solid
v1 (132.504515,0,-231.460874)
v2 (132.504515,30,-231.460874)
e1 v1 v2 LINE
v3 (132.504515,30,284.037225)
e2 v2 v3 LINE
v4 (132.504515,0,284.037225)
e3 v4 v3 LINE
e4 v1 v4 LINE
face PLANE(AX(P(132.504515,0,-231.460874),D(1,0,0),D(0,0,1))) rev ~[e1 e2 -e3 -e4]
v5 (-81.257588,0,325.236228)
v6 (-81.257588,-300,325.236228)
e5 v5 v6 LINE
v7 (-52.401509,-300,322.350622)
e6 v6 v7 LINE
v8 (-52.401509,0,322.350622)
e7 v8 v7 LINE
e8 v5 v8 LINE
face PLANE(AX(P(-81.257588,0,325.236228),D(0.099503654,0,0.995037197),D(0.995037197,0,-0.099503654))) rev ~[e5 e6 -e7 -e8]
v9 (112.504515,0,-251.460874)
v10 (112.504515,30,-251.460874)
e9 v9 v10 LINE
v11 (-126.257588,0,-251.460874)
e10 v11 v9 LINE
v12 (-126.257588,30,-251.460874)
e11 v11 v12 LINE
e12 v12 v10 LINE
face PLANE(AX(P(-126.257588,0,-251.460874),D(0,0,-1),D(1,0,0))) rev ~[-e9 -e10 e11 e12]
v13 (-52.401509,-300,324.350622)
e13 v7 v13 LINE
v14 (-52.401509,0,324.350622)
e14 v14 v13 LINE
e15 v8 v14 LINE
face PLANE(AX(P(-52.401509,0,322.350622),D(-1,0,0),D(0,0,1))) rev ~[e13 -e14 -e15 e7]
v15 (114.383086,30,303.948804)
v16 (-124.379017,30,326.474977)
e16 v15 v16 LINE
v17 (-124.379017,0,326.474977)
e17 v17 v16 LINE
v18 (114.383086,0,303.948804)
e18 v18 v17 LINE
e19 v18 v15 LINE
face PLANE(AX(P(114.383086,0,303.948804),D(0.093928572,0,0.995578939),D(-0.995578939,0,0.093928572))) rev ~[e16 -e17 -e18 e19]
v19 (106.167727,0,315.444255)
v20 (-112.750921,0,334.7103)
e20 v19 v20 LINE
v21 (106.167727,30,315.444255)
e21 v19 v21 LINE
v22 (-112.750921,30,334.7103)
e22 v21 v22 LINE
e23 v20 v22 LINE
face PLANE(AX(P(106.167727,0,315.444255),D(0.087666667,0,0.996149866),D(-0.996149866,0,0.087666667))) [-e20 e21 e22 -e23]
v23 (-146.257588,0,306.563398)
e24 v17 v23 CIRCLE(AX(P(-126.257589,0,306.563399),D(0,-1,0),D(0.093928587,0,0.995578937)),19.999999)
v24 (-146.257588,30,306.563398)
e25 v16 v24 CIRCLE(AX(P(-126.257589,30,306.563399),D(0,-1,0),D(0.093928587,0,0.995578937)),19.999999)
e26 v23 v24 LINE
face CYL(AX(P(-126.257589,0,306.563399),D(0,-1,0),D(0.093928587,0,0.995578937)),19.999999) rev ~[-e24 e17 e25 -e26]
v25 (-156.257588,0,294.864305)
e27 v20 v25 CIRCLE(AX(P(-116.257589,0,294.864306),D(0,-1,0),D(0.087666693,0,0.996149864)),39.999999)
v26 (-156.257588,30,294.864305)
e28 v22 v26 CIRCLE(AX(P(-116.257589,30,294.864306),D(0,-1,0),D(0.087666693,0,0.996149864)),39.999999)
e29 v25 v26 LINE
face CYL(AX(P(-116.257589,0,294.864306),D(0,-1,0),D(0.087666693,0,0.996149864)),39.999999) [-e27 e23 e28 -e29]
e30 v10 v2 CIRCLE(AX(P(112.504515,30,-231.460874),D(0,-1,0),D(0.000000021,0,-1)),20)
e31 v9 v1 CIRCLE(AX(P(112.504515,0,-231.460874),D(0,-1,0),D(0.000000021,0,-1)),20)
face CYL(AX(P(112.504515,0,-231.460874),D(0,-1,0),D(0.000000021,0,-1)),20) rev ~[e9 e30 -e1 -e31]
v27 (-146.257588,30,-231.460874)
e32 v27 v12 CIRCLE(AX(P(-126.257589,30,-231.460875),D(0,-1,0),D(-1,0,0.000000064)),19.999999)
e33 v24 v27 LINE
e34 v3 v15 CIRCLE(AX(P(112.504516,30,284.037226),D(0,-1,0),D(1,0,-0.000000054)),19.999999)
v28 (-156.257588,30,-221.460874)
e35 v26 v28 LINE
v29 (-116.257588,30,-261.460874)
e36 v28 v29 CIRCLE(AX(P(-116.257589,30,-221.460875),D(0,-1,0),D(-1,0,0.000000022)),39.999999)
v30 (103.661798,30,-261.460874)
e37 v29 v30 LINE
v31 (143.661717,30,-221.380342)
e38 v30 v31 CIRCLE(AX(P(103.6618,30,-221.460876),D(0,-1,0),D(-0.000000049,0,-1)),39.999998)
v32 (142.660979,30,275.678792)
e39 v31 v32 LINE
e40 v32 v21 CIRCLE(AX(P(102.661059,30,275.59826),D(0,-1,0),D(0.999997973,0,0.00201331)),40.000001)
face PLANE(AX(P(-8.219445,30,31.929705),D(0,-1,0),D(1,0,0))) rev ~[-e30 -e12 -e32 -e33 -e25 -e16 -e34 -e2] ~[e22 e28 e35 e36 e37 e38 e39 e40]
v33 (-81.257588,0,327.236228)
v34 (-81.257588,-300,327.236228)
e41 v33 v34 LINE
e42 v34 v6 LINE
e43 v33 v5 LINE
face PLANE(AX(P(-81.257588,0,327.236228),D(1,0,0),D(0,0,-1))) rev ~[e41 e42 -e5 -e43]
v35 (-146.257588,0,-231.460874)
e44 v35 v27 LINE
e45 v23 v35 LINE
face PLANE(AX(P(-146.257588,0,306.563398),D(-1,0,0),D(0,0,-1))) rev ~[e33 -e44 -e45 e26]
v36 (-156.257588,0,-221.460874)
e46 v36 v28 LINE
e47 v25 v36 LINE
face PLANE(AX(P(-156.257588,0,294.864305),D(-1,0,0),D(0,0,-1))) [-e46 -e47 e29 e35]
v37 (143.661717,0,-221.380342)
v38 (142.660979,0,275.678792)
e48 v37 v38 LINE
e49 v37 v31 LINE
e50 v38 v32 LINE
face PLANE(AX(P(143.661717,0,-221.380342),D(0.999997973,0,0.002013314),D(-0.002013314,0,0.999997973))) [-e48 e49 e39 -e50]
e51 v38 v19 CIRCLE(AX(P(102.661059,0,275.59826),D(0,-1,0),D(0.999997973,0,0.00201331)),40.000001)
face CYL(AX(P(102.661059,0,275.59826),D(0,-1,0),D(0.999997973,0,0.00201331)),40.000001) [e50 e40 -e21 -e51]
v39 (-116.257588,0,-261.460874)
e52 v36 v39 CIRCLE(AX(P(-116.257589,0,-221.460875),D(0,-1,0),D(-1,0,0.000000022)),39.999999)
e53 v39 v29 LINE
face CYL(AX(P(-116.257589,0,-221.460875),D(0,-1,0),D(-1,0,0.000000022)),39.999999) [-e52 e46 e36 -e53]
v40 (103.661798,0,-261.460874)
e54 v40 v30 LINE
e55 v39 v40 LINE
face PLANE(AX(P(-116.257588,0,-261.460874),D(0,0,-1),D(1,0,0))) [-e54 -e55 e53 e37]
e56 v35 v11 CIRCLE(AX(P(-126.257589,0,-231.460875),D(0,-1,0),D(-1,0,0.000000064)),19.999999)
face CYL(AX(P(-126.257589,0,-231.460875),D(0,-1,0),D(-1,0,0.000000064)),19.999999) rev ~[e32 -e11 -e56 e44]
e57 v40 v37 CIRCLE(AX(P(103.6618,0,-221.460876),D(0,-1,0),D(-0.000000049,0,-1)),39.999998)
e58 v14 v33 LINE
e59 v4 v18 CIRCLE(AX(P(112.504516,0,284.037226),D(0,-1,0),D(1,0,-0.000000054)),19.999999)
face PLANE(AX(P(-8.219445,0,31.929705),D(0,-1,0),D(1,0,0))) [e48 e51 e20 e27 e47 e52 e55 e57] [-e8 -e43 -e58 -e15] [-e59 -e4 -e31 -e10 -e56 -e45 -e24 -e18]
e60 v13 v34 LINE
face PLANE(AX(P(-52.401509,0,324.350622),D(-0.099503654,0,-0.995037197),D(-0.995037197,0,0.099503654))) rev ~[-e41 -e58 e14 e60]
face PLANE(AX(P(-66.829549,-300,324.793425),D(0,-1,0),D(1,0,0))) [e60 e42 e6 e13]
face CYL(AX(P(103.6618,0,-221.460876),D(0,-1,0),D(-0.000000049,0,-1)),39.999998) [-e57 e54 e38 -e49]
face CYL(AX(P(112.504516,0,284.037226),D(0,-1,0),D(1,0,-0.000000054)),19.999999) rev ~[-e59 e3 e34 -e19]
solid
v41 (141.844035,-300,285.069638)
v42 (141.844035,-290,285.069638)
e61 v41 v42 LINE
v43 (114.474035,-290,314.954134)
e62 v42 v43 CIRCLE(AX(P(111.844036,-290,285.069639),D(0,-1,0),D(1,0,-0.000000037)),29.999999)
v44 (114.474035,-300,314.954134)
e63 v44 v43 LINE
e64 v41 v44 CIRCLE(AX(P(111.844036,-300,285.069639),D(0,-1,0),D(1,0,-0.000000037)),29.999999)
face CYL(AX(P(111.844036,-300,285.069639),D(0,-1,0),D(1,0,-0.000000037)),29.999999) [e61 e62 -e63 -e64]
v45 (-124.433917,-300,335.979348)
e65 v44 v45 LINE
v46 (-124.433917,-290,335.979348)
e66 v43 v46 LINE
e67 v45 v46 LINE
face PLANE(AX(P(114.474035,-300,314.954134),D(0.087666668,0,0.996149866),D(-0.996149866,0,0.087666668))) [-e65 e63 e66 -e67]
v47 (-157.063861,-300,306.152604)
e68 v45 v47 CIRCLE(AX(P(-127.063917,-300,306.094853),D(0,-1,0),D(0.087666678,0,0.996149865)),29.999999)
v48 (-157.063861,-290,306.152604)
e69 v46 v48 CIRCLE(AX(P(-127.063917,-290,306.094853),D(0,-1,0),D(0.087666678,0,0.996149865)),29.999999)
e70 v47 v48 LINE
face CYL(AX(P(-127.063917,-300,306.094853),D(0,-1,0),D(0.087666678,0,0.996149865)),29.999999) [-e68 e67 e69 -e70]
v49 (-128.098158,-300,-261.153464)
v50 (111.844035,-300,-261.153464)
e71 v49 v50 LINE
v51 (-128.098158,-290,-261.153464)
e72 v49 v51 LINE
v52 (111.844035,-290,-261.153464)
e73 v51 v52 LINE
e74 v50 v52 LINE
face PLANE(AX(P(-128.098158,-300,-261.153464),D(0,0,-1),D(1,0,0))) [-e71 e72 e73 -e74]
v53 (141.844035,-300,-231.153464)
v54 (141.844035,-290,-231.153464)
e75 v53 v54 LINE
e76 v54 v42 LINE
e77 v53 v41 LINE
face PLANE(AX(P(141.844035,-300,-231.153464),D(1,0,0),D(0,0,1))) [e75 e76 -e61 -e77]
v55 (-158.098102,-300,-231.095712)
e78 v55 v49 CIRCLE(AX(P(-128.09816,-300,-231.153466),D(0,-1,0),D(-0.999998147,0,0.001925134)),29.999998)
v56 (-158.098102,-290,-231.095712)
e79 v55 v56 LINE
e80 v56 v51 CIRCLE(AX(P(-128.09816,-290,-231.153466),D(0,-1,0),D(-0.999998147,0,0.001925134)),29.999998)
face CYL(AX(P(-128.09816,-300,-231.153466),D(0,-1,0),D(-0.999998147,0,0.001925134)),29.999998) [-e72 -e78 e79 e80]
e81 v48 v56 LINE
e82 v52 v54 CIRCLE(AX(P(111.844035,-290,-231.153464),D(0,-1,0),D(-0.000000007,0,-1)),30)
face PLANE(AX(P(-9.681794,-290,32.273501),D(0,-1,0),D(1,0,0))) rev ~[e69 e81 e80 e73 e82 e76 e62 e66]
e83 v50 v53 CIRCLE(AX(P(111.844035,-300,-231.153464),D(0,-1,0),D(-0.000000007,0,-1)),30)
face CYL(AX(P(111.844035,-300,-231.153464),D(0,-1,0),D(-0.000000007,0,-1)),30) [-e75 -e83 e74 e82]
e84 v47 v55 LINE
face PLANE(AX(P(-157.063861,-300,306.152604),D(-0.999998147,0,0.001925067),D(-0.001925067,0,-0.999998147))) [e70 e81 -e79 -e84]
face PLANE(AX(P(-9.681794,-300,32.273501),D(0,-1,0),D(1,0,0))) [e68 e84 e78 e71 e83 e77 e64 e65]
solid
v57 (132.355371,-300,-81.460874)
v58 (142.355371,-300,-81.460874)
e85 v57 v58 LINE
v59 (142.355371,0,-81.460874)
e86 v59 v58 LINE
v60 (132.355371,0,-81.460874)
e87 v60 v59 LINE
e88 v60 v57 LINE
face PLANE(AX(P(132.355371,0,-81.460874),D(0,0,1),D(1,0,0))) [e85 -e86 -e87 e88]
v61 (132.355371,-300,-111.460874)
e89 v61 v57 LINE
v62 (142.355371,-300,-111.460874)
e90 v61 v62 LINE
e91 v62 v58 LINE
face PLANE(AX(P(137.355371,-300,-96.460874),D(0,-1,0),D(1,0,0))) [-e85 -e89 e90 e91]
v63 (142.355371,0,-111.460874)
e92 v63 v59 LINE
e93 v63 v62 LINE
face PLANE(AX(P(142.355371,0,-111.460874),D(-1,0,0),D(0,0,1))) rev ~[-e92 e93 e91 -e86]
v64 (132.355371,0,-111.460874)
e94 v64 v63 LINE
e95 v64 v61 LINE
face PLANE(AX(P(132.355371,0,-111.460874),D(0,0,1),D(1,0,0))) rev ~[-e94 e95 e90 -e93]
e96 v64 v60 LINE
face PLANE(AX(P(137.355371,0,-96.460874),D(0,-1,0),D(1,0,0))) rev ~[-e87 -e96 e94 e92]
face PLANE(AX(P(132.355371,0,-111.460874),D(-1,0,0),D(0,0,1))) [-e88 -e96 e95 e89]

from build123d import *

# Parameters (mm, degrees)
F1_DEPTH = 30
F3_DEPTH = 30
F4_W     = 10
F4_H     = 30
F5_DEPTH = 300
F7_DEPTH = 300
F9_DEPTH = 10


with BuildPart() as f1:
    # F0 (on Front) → F1 (new body)
    with BuildSketch(Plane.XZ):
        with BuildLine():
            ThreePointArc((-112.750921, 334.7103), (-143.273633, 324.362328), (-156.257588, 294.864305))
            Line((-156.257588, 294.864305), (-156.257588, -221.460874))
            ThreePointArc((-156.257588, -221.460874), (-144.541859, -249.745146), (-116.257588, -261.460874))
            Line((-116.257588, -261.460874), (103.661798, -261.460874))
            ThreePointArc((103.661798, -261.460874), (131.974528, -249.716659), (143.661717, -221.380342))
            Line((143.661717, -221.380342), (142.660979, 275.678792))
            ThreePointArc((142.660979, 275.678792), (132.131872, 302.643985), (106.167727, 315.444255))
            Line((106.167727, 315.444255), (-112.750921, 334.7103))
        make_face()
    extrude(amount=-F1_DEPTH)

    # F2 (on face) → F3 (cut)
    with BuildSketch(Plane.XZ):
        with BuildLine():
            ThreePointArc((-124.379017, 326.474977), (-139.719174, 321.354805), (-146.257588, 306.563398))
            Line((-146.257588, 306.563398), (-146.257588, -231.460874))
            ThreePointArc((-146.257588, -231.460874), (-140.399724, -245.60301), (-126.257588, -251.460874))
            Line((-126.257588, -251.460874), (112.504515, -251.460874))
            ThreePointArc((112.504515, -251.460874), (126.64665, -245.60301), (132.504515, -231.460874))
            Line((132.504515, -231.460874), (132.504515, 284.037225))
            ThreePointArc((132.504515, 284.037225), (127.295922, 297.498811), (114.383086, 303.948804))
            Line((114.383086, 303.948804), (-124.379017, 326.474977))
        make_face()
    extrude(amount=-F3_DEPTH, mode=Mode.SUBTRACT)

    # F6 (on Front) → F7 (join)
    with BuildSketch(Plane.XZ):
        Polygon((-52.401509, 324.350622), (-81.257588, 327.236228), (-81.257588, 325.236228), (-52.401509, 322.350622), align=None)
    extrude(amount=F7_DEPTH)


with BuildPart() as f5:
    # F4 (on Front) → F5 (new body)
    with BuildSketch(Plane.XZ):
        with Locations((137.355371, -96.460874)):
            Rectangle(F4_W, F4_H)
    extrude(amount=F5_DEPTH)


with BuildPart() as f9:
    # F8 (on face) → F9 (new body)
    with BuildSketch(Plane.XZ.offset(300)):
        with BuildLine():
            ThreePointArc((-158.098102, -231.095712), (-149.33177, -252.34624), (-128.098158, -261.153464))
            Line((-128.098158, -261.153464), (111.844035, -261.153464))
            ThreePointArc((111.844035, -261.153464), (133.057238, -252.366668), (141.844035, -231.153464))
            Line((141.844035, -231.153464), (141.844035, 285.069638))
            ThreePointArc((141.844035, 285.069638), (133.967552, 305.331672), (114.474035, 314.954134))
            Line((114.474035, 314.954134), (-124.433917, 335.979348))
            ThreePointArc((-124.433917, 335.979348), (-147.304646, 328.237862), (-157.063861, 306.152604))
            Line((-157.063861, 306.152604), (-158.098102, -231.095712))
        make_face()
    extrude(amount=-F9_DEPTH)


solid = Compound([f1.part, f5.part, f9.part])
